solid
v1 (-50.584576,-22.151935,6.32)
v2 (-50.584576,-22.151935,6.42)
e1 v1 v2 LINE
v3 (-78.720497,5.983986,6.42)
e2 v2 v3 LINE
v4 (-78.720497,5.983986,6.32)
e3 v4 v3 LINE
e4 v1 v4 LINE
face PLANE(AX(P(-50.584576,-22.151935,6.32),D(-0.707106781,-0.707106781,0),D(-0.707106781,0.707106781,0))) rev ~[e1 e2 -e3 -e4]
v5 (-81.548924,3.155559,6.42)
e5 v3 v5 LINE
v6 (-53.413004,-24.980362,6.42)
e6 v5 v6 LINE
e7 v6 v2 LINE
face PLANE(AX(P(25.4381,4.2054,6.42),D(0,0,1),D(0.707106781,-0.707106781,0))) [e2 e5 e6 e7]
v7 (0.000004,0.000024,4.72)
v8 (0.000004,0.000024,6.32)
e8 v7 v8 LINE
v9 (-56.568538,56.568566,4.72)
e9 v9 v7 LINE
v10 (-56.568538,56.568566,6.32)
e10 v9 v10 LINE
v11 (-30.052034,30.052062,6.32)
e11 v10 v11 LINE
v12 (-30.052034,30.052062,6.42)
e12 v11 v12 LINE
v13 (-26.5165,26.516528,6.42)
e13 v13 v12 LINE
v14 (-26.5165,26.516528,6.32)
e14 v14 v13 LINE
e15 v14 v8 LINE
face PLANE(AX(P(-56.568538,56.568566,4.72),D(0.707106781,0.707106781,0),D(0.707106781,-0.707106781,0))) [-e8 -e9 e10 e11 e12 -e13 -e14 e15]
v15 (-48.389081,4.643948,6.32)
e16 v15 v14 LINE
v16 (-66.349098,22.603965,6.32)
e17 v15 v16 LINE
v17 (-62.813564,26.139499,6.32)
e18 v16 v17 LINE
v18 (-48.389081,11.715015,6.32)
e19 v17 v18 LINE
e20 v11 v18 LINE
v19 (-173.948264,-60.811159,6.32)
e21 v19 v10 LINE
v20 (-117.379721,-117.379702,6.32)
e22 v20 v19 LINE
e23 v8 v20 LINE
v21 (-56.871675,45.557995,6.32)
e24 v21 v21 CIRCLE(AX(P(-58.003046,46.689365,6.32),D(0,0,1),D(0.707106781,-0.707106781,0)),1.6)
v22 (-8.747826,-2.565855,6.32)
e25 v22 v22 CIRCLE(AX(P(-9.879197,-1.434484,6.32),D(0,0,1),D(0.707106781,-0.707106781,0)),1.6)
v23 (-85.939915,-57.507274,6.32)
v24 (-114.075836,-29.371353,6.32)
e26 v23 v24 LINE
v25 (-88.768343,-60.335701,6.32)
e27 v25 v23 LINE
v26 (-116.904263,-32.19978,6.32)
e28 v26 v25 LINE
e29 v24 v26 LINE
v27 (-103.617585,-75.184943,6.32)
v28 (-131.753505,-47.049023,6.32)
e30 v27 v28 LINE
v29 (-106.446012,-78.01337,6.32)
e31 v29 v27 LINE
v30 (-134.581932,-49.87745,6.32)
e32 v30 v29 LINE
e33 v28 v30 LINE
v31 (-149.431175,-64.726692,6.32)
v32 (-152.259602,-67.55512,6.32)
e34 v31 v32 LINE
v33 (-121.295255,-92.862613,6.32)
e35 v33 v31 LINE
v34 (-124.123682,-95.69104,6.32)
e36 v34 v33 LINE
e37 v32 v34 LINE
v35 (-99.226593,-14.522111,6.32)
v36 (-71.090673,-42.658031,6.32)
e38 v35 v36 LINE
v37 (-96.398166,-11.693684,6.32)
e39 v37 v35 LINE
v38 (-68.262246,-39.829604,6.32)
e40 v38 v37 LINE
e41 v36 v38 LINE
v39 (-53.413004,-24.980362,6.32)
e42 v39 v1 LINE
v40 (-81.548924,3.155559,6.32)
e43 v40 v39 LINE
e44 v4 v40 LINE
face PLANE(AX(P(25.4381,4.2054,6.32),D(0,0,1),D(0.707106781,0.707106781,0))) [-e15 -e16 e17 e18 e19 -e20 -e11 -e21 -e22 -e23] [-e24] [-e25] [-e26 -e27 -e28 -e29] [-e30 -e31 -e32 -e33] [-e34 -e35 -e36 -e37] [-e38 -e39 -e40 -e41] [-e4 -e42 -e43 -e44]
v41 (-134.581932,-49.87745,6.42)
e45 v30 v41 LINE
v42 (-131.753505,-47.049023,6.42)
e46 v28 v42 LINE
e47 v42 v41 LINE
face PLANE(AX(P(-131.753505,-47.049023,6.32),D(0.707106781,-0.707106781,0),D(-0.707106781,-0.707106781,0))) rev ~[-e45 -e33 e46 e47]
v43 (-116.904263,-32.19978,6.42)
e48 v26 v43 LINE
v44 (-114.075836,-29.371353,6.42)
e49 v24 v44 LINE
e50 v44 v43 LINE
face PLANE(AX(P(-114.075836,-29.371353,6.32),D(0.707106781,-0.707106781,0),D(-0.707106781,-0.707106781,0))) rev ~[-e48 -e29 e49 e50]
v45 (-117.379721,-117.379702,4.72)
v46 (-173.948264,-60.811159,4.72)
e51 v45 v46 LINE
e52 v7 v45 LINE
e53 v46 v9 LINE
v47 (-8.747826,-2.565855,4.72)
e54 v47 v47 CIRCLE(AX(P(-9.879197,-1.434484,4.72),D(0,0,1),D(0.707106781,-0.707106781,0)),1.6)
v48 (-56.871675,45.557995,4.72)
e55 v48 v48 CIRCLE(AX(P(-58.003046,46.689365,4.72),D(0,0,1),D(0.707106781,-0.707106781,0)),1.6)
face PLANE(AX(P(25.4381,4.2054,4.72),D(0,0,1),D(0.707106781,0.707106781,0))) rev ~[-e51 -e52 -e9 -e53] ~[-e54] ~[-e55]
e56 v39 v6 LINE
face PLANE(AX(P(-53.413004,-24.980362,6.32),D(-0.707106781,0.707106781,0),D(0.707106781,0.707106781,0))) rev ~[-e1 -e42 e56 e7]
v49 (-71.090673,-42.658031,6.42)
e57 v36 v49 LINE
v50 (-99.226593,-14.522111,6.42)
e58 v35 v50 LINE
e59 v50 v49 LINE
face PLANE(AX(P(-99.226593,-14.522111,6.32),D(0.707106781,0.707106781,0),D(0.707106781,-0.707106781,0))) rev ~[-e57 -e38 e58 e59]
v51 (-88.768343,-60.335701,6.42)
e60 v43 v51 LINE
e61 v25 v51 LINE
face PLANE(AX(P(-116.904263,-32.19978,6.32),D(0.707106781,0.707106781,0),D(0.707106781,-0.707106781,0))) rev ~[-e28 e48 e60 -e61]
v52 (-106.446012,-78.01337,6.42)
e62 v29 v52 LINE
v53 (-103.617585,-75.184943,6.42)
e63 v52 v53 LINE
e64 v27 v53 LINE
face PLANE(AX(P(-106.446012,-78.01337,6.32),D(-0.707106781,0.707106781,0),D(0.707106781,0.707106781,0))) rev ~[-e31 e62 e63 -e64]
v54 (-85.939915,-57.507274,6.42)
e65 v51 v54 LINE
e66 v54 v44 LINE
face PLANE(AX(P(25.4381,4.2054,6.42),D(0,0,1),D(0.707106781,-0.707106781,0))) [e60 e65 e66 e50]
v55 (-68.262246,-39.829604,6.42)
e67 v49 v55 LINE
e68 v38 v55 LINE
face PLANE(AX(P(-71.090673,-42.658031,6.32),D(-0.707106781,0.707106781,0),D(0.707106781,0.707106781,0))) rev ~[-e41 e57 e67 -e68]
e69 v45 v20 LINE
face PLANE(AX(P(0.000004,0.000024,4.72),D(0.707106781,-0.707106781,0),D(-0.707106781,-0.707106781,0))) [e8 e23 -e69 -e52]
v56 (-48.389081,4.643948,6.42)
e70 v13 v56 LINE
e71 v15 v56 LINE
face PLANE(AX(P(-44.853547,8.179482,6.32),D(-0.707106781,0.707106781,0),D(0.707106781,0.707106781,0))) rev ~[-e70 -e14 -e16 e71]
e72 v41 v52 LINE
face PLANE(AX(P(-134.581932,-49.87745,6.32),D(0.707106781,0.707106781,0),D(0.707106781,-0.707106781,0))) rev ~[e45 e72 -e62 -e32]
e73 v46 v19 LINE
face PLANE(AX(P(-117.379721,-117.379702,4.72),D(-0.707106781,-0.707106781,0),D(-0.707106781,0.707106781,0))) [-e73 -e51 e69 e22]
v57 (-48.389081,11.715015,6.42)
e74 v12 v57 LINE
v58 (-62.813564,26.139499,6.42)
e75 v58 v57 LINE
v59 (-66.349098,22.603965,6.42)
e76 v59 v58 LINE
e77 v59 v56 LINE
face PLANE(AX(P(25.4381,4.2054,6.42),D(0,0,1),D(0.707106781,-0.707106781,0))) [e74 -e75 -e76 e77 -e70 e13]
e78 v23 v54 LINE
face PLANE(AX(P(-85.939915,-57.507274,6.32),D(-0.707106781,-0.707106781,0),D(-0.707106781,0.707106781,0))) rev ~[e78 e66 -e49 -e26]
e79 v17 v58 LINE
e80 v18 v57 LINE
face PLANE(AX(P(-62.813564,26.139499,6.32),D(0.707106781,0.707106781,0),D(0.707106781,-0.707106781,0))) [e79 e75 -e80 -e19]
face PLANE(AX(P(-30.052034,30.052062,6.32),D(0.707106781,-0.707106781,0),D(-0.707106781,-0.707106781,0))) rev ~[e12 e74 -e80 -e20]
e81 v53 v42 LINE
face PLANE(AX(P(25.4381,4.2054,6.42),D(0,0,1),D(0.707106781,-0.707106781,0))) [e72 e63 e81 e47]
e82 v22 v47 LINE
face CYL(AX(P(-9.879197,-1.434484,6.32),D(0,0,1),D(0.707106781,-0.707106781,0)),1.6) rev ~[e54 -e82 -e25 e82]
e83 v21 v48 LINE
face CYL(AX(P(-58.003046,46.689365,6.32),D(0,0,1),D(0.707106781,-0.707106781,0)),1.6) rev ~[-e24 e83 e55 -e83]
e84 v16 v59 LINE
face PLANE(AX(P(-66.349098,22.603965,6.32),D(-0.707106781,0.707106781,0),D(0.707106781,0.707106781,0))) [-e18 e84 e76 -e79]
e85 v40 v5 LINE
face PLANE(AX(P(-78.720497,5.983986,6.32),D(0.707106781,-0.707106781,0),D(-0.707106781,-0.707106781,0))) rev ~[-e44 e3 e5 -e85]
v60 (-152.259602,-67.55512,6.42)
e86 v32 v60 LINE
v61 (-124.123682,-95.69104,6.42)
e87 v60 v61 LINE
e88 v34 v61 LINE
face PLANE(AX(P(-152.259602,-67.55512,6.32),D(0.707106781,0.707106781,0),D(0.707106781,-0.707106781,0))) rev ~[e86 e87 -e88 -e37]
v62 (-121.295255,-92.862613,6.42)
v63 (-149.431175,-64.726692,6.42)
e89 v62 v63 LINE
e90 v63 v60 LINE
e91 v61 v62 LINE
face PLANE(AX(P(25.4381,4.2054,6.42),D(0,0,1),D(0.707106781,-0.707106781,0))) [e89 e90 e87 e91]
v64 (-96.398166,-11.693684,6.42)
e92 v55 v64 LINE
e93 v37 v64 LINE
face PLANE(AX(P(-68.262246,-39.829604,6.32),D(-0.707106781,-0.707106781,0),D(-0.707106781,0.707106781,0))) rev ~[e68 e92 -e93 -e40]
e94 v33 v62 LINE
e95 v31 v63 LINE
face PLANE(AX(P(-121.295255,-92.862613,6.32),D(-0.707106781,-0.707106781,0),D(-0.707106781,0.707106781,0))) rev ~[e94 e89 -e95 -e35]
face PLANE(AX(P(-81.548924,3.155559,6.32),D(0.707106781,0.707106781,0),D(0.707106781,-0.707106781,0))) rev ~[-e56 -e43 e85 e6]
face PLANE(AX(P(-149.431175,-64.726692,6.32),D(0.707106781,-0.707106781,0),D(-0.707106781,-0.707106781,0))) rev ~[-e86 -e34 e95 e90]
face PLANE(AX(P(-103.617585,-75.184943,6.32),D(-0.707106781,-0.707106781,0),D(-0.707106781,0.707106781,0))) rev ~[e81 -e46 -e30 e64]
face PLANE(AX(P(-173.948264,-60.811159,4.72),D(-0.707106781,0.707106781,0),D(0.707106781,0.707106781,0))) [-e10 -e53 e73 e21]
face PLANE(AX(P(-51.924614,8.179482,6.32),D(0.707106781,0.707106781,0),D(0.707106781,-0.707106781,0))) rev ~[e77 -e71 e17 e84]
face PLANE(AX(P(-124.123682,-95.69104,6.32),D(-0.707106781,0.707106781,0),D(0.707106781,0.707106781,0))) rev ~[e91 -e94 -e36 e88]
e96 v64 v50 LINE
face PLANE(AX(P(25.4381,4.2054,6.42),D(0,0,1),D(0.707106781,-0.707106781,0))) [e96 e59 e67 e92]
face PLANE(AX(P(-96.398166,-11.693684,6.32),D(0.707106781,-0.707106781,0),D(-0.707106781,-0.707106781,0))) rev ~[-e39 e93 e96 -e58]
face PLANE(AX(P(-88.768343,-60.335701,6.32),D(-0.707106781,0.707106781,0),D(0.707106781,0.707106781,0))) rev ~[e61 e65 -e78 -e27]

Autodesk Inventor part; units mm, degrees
ref_plane "YZ Plane" through (0, 0, 0) normal (1, 0, 0) x (0, 1, 0)
ref_plane "XZ Plane" through (0, 0, 0) normal (0, 1, 0) x (-1, 0, 0)
ref_plane "XY Plane" through (0, 0, 0) normal (0, 0, 1) x (1, 0, 0)
ref_plane "Work Plane1" through (25.4381, 4.2054, 4.72) normal (0, 0, 1) x (0.7071, 0.7071, 0)
sketch "Sketch1" plane through (25.4381, 4.2054, 4.72) normal (0, 0, 1) x (0.7071, 0.7071, 0)
  line L0 (-20.9611, 15.0138) -> (-186.9611, 15.0138)
  line L1 (-186.9611, 15.0138) -> (-186.9611, 95.0138)
  line L2 (-186.9611, 95.0138) -> (-20.9611, 95.0138)
  line L3 (-20.9611, 95.0138) -> (-20.9611, 15.0138)
  dimension "d0" = 166
  dimension "d1" = 80
extrude "Extrusion1" add sketch "Sketch1" along normal blind 1.6
sketch "Sketch2" plane through (25.4381, 4.2054, 6.32) normal (0, 0, 1) x (0.7071, 0.7071, 0)
  point P0 (-20.9611, 15.0138)
sketch "Sketch3" plane through (25.4381, 4.2054, 6.32) normal (0, 0, 1) x (0.7071, -0.7071, 0)
  circle A0 centre (-103.5277, -22.9611) radius 1.6 projected
  circle A1 centre (-89.0425, -28.9611) radius 1.6 projected
  circle A2 centre (-20.9851, -28.9611) radius 1.6 projected
  point P0 (-15.0138, -20.9611)
ref_plane "Work Plane2" through (-28.2843, 28.2843, 4.72) normal (0.7071, -0.7071, 0) x (0, 0, 1)
extrude "Extrusion2" cut sketch "Sketch3" against normal blind 10 contours A1 | A2
sketch "Sketch4" plane through (25.4381, 4.2054, 6.32) normal (0, 0, 1) x (0.7071, -0.7071, 0)
  line L0 (-15.0138, -20.9611) -> (-95.0138, -20.9611) projected
  line L1 (-55.0138, -20.9611) -> (-55.0138, -186.9611) construction
  line L2 (-95.0138, -186.9611) -> (-15.0138, -186.9611) projected
  line L3 (-57.5138, -51.8936) -> (-52.5138, -51.8936)
  line L4 (-52.5138, -51.8936) -> (-52.5138, -20.9611)
  line L5 (-52.5138, -20.9611) -> (-57.5138, -20.9611)
  line L6 (-57.5138, -20.9611) -> (-57.5138, -51.8936)
  line L7 (-57.5138, -51.8936) -> (-52.5138, -20.9611) construction
  line L8 (-52.5138, -51.8936) -> (-57.5138, -20.9611) construction
  line L9 (-52.5138, -51.8936) -> (-77.9131, -51.8936)
  line L10 (-77.9131, -51.8936) -> (-77.9131, -46.8936)
  line L11 (-77.9131, -46.8936) -> (-52.5138, -46.8936)
  line L12 (-52.5138, -46.8936) -> (-52.5138, -51.8936)
  line L13 (-74.9089, -76.3936) -> (-35.1187, -76.3936)
  line L14 (-35.1187, -76.3936) -> (-35.1187, -72.3936)
  line L15 (-35.1187, -72.3936) -> (-74.9089, -72.3936)
  line L16 (-74.9089, -72.3936) -> (-74.9089, -76.3936)
  line L17 (-74.9089, -76.3936) -> (-35.1187, -72.3936) construction
  line L18 (-35.1187, -76.3936) -> (-74.9089, -72.3936) construction
  line L19 (-35.1187, -97.3936) -> (-74.9089, -97.3936)
  line L20 (-74.9089, -101.3936) -> (-35.1187, -97.3936) construction
  line L21 (-74.9089, -101.3936) -> (-35.1187, -101.3936)
  line L22 (-35.1187, -101.3936) -> (-74.9089, -97.3936) construction
  line L23 (-74.9089, -97.3936) -> (-74.9089, -101.3936)
  line L24 (-35.1187, -101.3936) -> (-35.1187, -97.3936)
  line L25 (-35.1187, -122.3936) -> (-74.9089, -122.3936)
  line L26 (-74.9089, -126.3936) -> (-35.1187, -122.3936) construction
  line L27 (-74.9089, -126.3936) -> (-35.1187, -126.3936)
  line L28 (-35.1187, -126.3936) -> (-74.9089, -122.3936) construction
  line L29 (-74.9089, -122.3936) -> (-74.9089, -126.3936)
  line L30 (-35.1187, -126.3936) -> (-35.1187, -122.3936)
  line L31 (-35.1187, -147.3936) -> (-74.9089, -147.3936)
  line L32 (-74.9089, -151.3936) -> (-35.1187, -147.3936) construction
  line L33 (-74.9089, -151.3936) -> (-35.1187, -151.3936)
  line L34 (-35.1187, -151.3936) -> (-74.9089, -147.3936) construction
  line L35 (-74.9089, -147.3936) -> (-74.9089, -151.3936)
  line L36 (-35.1187, -151.3936) -> (-35.1187, -147.3936)
  line L37 (-35.1187, -172.3936) -> (-74.9089, -172.3936)
  line L38 (-74.9089, -176.3936) -> (-35.1187, -172.3936) construction
  line L39 (-74.9089, -176.3936) -> (-35.1187, -176.3936)
  line L40 (-35.1187, -176.3936) -> (-74.9089, -172.3936) construction
  line L41 (-74.9089, -172.3936) -> (-74.9089, -176.3936)
  line L42 (-35.1187, -176.3936) -> (-35.1187, -172.3936)
  point P0 (-55.0138, -36.4274)
  point P1 (-55.0138, -74.3936)
  point P2 (-52.5138, -49.3936)
  point P3 (-55.0138, -99.3936)
  point P4 (-55.0138, -124.3936)
  point P5 (-55.0138, -149.3936)
  point P6 (-55.0138, -174.3936)
  point P7 (-57.5138, -51.8936)
  point P8 (-57.5138, -20.9611)
  point P9 (-57.5138, -46.8936)
  dimension "d7" = 5
  dimension "d8" = 5
  dimension "d9" = 4
  dimension "d10" = 25
  dimension "d13" = 25
extrude "Extrusion3" add sketch "Sketch4" along normal blind 0.1
equation "\"d13\" = d10"
properties part number "Antenna" material "Polystyrene"
